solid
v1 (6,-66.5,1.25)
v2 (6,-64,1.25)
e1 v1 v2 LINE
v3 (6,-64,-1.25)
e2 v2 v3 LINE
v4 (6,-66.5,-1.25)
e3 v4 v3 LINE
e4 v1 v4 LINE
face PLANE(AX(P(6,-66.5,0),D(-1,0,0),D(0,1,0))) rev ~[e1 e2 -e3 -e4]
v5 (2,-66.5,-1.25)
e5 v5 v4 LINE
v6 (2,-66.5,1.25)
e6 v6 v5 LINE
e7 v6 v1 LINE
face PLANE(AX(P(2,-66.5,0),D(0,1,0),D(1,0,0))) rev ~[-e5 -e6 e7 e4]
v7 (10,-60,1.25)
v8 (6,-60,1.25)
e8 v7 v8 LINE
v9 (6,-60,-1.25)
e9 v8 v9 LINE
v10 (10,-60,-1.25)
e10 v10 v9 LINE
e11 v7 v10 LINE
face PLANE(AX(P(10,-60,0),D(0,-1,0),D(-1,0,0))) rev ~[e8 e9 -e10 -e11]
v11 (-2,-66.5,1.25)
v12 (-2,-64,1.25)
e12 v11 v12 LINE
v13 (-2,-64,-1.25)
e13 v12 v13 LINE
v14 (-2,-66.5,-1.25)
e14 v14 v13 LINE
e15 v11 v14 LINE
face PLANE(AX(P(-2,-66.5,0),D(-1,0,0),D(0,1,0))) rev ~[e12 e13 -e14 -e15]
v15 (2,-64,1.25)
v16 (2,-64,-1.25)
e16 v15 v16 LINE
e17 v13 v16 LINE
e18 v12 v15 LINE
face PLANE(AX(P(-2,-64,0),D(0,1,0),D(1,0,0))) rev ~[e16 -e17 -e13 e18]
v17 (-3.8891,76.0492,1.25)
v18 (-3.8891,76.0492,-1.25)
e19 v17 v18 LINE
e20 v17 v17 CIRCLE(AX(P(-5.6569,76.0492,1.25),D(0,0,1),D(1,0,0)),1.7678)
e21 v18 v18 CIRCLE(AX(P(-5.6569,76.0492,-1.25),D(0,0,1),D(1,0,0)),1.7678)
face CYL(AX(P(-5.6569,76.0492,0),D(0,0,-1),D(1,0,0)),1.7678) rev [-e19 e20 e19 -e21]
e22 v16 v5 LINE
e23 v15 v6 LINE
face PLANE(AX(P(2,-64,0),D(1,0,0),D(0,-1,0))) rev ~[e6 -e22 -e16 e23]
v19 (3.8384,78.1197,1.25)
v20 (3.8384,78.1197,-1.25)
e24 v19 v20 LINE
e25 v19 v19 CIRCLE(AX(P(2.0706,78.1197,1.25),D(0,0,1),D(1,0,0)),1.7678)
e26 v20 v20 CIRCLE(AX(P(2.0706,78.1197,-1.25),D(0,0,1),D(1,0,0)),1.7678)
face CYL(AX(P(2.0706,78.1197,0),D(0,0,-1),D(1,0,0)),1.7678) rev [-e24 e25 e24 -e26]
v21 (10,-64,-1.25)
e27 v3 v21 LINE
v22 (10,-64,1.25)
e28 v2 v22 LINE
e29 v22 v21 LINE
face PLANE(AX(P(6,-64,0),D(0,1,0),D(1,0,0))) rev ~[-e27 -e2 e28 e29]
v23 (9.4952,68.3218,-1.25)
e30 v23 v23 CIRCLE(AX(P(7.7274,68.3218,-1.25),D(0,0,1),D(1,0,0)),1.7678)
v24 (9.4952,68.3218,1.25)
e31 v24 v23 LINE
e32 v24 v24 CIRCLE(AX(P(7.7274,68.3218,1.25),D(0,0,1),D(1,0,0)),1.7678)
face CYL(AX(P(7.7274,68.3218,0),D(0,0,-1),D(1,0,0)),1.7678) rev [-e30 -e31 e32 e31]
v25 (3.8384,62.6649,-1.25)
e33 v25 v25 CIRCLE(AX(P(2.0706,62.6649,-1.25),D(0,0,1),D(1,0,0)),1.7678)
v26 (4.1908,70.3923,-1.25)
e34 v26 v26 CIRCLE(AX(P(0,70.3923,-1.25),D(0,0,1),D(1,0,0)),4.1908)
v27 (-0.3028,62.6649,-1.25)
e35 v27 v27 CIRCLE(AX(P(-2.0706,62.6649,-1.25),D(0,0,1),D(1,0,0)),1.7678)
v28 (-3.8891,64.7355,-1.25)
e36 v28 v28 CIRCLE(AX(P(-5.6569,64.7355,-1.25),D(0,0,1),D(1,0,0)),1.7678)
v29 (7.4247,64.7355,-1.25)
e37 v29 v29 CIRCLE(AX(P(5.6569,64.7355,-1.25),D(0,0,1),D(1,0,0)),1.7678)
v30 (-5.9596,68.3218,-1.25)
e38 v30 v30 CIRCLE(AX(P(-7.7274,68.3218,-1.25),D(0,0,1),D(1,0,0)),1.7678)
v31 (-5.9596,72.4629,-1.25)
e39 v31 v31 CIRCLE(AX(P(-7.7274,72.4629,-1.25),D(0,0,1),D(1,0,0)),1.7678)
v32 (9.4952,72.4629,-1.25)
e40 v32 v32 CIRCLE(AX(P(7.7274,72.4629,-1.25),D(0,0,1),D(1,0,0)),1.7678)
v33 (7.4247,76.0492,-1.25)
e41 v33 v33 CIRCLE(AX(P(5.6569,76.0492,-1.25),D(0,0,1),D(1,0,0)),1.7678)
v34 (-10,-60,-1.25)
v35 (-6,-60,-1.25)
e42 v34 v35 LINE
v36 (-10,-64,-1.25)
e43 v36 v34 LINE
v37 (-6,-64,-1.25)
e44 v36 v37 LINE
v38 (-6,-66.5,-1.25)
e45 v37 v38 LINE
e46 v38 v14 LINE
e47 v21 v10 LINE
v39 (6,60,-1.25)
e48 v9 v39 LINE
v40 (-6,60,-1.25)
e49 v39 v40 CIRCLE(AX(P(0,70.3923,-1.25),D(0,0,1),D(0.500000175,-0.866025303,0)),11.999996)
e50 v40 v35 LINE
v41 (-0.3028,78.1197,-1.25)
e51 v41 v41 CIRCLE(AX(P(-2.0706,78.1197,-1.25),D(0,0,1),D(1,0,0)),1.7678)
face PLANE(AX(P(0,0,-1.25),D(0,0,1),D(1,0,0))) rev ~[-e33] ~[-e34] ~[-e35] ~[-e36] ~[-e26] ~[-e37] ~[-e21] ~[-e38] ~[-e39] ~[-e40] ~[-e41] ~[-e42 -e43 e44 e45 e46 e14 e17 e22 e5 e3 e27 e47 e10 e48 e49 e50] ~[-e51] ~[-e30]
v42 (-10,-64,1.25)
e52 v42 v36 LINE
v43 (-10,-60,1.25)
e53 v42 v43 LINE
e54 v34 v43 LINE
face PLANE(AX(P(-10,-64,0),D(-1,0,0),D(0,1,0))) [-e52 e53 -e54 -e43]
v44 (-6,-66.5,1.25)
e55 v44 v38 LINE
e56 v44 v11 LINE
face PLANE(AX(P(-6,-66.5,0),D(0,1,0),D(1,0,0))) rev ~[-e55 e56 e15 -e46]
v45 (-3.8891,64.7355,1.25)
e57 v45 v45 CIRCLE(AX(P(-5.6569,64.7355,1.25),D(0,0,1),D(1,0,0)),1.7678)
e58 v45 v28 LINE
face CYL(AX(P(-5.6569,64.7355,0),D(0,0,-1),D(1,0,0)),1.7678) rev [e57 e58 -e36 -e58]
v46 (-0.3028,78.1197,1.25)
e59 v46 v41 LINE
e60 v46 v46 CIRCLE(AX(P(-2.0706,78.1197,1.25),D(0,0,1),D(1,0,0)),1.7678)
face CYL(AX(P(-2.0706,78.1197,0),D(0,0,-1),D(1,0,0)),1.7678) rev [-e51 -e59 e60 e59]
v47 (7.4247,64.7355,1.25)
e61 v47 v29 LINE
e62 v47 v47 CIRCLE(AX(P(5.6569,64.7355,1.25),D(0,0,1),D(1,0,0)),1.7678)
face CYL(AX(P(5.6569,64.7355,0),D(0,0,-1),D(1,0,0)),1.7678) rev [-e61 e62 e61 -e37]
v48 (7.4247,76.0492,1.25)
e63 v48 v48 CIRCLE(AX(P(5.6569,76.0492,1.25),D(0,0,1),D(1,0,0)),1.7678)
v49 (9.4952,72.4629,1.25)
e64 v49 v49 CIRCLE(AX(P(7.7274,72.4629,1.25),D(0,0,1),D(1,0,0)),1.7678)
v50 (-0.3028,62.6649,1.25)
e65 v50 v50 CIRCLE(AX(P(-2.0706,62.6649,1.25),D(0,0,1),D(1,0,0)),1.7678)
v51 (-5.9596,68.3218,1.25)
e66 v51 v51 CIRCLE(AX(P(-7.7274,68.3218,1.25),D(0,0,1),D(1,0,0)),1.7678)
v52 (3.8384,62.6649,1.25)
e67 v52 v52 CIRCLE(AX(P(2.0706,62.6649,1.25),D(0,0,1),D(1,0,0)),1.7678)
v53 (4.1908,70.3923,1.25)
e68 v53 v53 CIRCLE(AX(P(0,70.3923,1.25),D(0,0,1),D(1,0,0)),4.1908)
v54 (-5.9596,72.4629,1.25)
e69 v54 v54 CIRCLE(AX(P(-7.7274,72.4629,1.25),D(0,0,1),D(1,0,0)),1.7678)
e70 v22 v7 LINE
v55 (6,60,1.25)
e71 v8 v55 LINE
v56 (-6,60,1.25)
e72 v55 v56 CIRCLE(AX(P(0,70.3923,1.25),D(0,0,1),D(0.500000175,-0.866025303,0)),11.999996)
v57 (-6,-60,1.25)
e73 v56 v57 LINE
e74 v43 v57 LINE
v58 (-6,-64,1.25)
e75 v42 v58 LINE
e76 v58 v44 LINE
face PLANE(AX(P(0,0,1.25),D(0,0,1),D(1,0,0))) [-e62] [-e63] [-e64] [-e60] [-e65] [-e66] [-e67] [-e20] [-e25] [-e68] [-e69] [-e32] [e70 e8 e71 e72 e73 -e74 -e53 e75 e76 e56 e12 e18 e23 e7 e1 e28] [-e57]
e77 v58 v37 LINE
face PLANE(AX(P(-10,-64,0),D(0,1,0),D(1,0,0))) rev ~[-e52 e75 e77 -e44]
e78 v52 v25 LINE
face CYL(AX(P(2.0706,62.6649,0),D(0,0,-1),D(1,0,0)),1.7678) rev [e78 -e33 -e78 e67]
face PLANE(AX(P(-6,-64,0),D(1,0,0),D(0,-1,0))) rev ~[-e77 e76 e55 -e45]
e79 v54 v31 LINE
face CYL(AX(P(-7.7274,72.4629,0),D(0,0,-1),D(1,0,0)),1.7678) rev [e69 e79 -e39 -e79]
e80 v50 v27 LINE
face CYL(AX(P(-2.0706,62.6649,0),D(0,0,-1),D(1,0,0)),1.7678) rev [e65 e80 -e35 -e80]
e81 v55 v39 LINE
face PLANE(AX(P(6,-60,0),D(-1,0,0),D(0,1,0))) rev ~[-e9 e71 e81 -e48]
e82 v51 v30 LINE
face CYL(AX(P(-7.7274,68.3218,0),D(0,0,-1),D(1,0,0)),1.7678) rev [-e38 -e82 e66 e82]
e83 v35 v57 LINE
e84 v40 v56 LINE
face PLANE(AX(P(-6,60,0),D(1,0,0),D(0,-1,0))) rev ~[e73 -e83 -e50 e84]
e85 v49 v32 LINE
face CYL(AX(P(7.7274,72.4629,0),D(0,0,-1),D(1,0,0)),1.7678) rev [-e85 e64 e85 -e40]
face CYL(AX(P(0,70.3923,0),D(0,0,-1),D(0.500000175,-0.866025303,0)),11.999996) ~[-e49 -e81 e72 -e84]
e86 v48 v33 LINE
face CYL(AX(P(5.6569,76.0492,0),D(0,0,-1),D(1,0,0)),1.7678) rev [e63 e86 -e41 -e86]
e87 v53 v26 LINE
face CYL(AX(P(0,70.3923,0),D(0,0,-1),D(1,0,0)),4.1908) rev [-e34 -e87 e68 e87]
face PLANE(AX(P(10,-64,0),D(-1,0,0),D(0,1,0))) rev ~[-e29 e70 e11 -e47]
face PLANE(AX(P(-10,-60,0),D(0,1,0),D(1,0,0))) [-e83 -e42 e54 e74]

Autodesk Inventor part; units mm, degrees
ref_plane "YZ Plane" through (0, 0, 0) normal (1, 0, 0) x (0, 1, 0)
ref_plane "XZ Plane" through (0, 0, 0) normal (0, 1, 0) x (-1, 0, 0)
ref_plane "XY Plane" through (0, 0, 0) normal (0, 0, 1) x (1, 0, 0)
sketch "Sketch1" plane through (0, 0, 0) normal (0, 0, 1) x (1, 0, 0)
  line L0 (-6, 60) -> (-6, -60)
  line L1 (-6, -64) -> (-6, -66.5)
  line L2 (-6, -66.5) -> (-2, -66.5)
  line L3 (-2, -66.5) -> (-2, -64)
  line L4 (-2, -64) -> (2, -64)
  line L5 (2, -64) -> (2, -66.5)
  line L6 (2, -66.5) -> (6, -66.5)
  line L7 (6, -66.5) -> (6, -64)
  line L8 (6, -60) -> (6, 60)
  line L9 (0, 63.1461) -> (0, -63.1461) construction
  line L10 (-16.7969, 0) -> (16.7969, 0) construction
  arc A0 (6, 60) -> (-6, 60) centre (0, 70.3923) ccw
  circle A1 centre (-2.0706, 78.1197) radius 1.7678
  line L11 (-2.0706, 90.8634) -> (-2.0706, 65.376) construction
  line L12 (-3.3097, 78.1197) -> (-0.8314, 78.1197) construction
  line L13 (-3.3206, 79.3697) -> (-0.8206, 79.3697) construction
  line L14 (-0.8206, 79.3697) -> (-0.8206, 76.8697) construction
  line L15 (-0.8206, 76.8697) -> (-3.3206, 76.8697) construction
  line L16 (-3.3206, 76.8697) -> (-3.3206, 79.3697) construction
  circle A2 centre (0, 70.3923) radius 8 construction
  line L17 (10, -64) -> (10, -60)
  line L18 (10, -60) -> (6, -60)
  line L19 (-10, -64) -> (-10, -60)
  line L20 (-10, -60) -> (-6, -60)
  line L21 (-10, -64) -> (-6, -64)
  line L22 (6, -64) -> (10, -64)
  line L23 (0, 70.3923) -> (-4.1411, 85.8471) construction
  circle A3 centre (-5.6569, 76.0492) radius 1.7678
  circle A4 centre (-7.7274, 72.4629) radius 1.7678
  circle A5 centre (-7.7274, 68.3218) radius 1.7678
  circle A6 centre (-5.6569, 64.7355) radius 1.7678
  circle A7 centre (-2.0706, 62.6649) radius 1.7678
  circle A8 centre (2.0706, 62.6649) radius 1.7678
  circle A9 centre (5.6569, 64.7355) radius 1.7678
  circle A10 centre (7.7274, 68.3218) radius 1.7678
  circle A11 centre (7.7274, 72.4629) radius 1.7678
  circle A12 centre (5.6569, 76.0492) radius 1.7678
  circle A13 centre (2.0706, 78.1197) radius 1.7678
  line L24 (-4.2764, 70.3923) -> (4.2764, 70.3923) construction
  line L25 (-4, 71.6423) -> (-1.25, 71.6423) construction
  line L26 (-1.25, 71.6423) -> (-1.25, 74.3923) construction
  line L27 (-1.25, 74.3923) -> (1.25, 74.3923) construction
  line L28 (1.25, 74.3923) -> (1.25, 71.6423) construction
  line L29 (1.25, 71.6423) -> (4, 71.6423) construction
  line L30 (4, 71.6423) -> (4, 69.1423) construction
  line L31 (4, 69.1423) -> (1.25, 69.1423) construction
  line L32 (1.25, 69.1423) -> (1.25, 66.3923) construction
  line L33 (1.25, 66.3923) -> (-1.25, 66.3923) construction
  line L34 (-1.25, 66.3923) -> (-1.25, 69.1423) construction
  line L35 (-1.25, 69.1423) -> (-4, 69.1423) construction
  line L36 (-4, 69.1423) -> (-4, 71.6423) construction
  circle A14 centre (0, 70.3923) radius 4.1908
  circle A15 centre (0, 70.3923) radius 6 construction
  point P0 (0, 0)
  point P1 (0, 0)
  point P2 (-5.1993, 77.7567)
  point P3 (-8.1849, 74.1704)
  point P4 (-8.9774, 69.5718)
  point P5 (-7.3644, 65.193)
  point P6 (-3.7781, 62.2074)
  point P7 (0.8206, 61.4149)
  point P8 (5.1993, 63.0279)
  point P9 (8.1849, 66.6142)
  point P10 (8.9774, 71.2129)
  point P11 (7.3644, 75.5916)
  point P12 (3.7781, 78.5772)
  dimension "d9" = 3.5355
  dimension "d10" = 16
  dimension "d0" = 4
  dimension "d2" = 4
  dimension "d7" = 2.5
  dimension "d8" = 2.5
  dimension "d11" = 24
  dimension "d14" = 4
  dimension "d16" = 4
  dimension "d17" = 12
  dimension "d18" = 20
  dimension "d19" = 2.5
  dimension "d20" = 120
  dimension "d21" = 15
  dimension "d24" = 360
  dimension "d28" = 2.5
  dimension "d29" = 2.5
  dimension "d30" = 8
  dimension "d31" = 8
  dimension "d32" = 12
extrude "Extrusion1" add sketch "Sketch1" along normal mid plane 2.5
properties part number "pitahaya1"
